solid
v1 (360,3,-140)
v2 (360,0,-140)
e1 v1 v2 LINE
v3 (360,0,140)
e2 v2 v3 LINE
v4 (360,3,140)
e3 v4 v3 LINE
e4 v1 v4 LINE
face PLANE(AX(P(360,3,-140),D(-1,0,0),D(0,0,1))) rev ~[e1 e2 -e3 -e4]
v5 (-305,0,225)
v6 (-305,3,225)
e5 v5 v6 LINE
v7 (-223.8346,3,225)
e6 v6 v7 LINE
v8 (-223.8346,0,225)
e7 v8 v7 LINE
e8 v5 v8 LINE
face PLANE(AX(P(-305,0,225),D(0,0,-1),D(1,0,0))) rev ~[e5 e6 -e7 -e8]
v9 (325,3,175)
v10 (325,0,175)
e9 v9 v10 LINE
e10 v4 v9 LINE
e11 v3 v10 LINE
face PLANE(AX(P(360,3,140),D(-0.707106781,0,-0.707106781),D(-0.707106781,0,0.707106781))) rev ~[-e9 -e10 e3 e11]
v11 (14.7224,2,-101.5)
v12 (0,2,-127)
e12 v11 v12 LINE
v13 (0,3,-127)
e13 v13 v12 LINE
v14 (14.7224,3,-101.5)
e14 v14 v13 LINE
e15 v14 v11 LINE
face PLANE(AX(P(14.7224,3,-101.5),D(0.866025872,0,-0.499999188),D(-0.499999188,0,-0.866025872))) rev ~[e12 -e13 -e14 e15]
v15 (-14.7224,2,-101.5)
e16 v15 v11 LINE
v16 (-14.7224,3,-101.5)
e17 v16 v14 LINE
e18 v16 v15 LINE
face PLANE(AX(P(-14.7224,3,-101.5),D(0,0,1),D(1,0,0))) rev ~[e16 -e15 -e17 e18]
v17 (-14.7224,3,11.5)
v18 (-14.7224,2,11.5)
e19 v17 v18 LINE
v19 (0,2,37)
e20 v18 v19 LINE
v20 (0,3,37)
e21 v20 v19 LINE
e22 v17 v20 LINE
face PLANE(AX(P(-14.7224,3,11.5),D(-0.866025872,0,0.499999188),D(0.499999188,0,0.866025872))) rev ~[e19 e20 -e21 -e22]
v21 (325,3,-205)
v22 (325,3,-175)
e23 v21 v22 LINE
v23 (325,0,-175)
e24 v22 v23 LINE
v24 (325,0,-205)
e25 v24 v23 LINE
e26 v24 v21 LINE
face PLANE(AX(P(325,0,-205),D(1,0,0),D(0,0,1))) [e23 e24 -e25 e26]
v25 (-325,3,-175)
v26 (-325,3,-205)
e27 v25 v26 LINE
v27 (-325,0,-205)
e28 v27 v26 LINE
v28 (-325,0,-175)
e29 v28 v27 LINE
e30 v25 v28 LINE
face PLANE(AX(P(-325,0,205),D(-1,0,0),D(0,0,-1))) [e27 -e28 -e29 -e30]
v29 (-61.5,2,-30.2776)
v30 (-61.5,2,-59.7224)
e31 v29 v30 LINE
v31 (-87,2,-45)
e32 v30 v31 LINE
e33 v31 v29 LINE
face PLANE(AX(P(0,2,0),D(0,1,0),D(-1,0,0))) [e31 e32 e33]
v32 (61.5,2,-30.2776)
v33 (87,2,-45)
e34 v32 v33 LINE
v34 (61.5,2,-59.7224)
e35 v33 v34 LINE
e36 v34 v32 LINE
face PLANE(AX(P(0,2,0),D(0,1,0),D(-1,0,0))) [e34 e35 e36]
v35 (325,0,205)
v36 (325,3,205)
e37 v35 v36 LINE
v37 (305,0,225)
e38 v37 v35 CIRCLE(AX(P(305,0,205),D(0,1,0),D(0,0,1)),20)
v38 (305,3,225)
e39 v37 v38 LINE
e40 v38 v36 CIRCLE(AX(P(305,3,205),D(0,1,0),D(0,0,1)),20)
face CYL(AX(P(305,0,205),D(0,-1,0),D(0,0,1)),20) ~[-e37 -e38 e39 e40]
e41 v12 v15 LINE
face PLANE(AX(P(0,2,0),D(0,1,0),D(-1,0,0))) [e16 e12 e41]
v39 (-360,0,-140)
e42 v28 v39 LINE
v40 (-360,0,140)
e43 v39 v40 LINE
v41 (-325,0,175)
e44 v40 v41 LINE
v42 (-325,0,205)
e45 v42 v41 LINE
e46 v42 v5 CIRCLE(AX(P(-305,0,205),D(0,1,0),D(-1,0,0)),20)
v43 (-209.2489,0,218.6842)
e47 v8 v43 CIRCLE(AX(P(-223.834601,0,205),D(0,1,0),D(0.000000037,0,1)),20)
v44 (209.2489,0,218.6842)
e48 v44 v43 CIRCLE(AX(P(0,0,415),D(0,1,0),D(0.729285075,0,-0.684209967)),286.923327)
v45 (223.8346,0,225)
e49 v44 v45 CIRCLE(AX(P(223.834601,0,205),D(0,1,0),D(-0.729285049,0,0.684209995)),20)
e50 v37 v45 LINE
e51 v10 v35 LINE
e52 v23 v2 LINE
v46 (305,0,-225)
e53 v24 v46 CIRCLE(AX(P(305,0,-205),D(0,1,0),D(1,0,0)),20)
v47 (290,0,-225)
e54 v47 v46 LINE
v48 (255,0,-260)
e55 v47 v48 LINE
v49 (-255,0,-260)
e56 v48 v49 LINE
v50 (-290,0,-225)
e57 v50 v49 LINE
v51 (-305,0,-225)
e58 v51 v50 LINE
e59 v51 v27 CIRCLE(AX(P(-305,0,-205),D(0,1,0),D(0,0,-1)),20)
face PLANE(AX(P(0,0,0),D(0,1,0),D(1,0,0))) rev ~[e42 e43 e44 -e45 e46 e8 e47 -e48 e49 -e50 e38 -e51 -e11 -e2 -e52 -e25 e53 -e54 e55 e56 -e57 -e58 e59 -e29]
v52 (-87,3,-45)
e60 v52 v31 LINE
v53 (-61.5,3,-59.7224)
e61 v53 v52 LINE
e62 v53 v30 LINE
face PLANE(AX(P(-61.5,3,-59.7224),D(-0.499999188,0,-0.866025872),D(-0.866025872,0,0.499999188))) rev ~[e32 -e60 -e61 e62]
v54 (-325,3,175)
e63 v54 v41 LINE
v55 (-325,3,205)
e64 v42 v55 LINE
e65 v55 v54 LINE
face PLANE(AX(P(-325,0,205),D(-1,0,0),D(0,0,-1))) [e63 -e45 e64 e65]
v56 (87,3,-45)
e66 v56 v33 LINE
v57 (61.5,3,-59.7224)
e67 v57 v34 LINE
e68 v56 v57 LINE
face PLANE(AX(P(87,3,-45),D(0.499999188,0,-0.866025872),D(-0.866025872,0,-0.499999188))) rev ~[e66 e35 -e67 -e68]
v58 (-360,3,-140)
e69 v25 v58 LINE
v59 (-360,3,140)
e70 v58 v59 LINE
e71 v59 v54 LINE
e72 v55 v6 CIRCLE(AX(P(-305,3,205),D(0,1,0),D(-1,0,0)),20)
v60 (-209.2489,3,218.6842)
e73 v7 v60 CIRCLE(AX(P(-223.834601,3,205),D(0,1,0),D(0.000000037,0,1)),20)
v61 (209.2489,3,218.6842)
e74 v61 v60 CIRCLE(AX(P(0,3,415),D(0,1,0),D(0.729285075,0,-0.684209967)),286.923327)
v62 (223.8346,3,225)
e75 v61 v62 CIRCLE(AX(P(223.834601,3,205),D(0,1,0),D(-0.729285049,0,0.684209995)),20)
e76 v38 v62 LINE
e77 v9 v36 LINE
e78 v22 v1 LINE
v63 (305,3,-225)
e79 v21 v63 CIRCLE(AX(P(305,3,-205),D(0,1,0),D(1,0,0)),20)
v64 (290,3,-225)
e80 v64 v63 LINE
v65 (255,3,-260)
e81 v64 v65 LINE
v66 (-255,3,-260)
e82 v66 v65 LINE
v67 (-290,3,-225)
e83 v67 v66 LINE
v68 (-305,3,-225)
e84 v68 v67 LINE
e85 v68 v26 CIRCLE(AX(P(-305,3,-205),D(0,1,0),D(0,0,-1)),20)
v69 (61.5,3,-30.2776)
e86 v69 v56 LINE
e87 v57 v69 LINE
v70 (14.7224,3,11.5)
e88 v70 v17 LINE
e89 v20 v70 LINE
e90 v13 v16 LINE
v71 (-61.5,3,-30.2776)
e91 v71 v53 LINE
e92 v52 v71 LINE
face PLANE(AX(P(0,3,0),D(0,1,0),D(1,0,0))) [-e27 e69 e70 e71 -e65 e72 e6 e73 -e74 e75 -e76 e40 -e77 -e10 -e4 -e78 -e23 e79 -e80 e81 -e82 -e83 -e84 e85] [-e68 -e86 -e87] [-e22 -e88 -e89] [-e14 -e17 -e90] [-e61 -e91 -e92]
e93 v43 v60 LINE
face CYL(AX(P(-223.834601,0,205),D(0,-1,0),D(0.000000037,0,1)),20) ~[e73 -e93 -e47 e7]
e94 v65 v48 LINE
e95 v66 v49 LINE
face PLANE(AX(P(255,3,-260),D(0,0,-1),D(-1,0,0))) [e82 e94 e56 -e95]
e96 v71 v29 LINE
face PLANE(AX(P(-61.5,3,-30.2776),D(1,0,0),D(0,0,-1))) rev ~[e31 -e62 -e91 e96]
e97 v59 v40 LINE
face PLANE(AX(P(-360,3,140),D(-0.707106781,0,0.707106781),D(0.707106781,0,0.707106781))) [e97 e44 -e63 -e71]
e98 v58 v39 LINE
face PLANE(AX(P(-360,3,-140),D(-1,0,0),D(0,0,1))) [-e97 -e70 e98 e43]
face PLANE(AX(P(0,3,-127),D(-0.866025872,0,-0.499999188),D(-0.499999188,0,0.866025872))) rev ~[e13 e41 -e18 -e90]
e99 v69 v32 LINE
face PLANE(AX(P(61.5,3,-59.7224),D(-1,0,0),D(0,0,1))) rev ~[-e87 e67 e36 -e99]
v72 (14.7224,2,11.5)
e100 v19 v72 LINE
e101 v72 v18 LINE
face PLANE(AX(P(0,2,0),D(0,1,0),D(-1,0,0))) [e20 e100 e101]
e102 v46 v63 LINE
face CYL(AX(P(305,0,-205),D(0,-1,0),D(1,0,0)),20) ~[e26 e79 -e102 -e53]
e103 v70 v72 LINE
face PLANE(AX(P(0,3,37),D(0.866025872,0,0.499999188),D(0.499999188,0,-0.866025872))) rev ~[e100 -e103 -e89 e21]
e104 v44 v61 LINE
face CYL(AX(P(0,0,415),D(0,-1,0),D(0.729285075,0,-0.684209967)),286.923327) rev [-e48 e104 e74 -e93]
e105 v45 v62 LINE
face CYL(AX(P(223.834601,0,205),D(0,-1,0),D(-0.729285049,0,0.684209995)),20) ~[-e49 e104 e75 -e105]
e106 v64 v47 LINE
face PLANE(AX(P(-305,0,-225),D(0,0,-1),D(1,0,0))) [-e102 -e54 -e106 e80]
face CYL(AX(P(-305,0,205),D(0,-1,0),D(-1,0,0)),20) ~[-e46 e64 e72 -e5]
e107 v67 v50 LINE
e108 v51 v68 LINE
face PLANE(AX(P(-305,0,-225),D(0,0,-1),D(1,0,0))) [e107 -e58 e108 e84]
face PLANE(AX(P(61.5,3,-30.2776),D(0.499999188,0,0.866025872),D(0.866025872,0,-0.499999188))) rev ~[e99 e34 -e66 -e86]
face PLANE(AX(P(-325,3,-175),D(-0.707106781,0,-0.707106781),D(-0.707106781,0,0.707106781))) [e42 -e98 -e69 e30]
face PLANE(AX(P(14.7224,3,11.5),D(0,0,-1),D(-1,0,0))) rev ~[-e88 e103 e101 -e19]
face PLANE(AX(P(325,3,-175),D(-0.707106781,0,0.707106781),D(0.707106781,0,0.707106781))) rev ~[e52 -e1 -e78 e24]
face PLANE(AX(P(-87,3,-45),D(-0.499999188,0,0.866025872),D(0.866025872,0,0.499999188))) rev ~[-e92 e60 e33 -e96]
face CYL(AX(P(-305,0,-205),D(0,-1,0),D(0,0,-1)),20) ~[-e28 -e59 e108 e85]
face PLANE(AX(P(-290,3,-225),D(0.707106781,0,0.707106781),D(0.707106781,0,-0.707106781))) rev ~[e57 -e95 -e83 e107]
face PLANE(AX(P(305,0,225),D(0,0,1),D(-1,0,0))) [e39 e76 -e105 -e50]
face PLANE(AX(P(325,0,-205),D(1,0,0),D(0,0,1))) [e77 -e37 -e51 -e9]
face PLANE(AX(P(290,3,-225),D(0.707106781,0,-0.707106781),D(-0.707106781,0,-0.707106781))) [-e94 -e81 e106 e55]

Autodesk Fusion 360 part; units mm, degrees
sketch "Esquisse1" plane through (0, 0, 0) normal (0, 1, 0) x (1, 0, 0)
  line L0 (-367.4671, -125) -> (350, -125) construction
  arc A0 (209.2489, -218.6842) -> (223.8346, -225) centre (223.8346, -205) ccw
  arc A1 (-223.8346, -225) -> (-209.2489, -218.6842) centre (-223.8346, -205) ccw
  arc A2 (209.2489, -218.6842) -> (-209.2489, -218.6842) centre (0, -415) ccw
  line L1 (-305, 225) -> (305, 225)
  line L2 (325, 205) -> (325, -205)
  line L3 (305, -225) -> (223.8346, -225)
  line L4 (-325, -205) -> (-325, 205)
  arc A3 (325, 205) -> (305, 225) centre (305, 205) ccw
  line L5 (325, 225) -> (-325, -225) construction
  arc A4 (-305, 225) -> (-325, 205) centre (-305, 205) ccw
  arc A5 (-325, -205) -> (-305, -225) centre (-305, -205) ccw
  line L6 (-305, -225) -> (-223.8346, -225)
  line L7 (-325, 225) -> (325, -225) construction
  arc A6 (305, -225) -> (325, -205) centre (305, -205) ccw
  line L8 (215, -225) -> (325, -225)
  point P0 (-215, -225)
  dimension "d12" = 650
  dimension "d13" = 450
  dimension "d14" = 110
  dimension "d15" = 110
  dimension "d16" = 100
  dimension "d20" = 190
  dimension "d21" = 20
extrude "Extrusion1" add sketch "Esquisse1" along normal blind 3
sketch "Esquisse2" plane through (0, 3, 0) normal (0, 1, 0) x (-1, 0, 0)
  arc A0 (325, 205) -> (305, 225) centre (305, 205) ccw
  line L0 (305, 225) -> (223.8346, 225)
  arc A1 (223.8346, 225) -> (209.2489, 218.6842) centre (223.8346, 205) ccw
  arc A2 (-209.2489, 218.6842) -> (209.2489, 218.6842) centre (0, 415) ccw
  arc A3 (-209.2489, 218.6842) -> (-223.8346, 225) centre (-223.8346, 205) ccw
  line L1 (-223.8346, 225) -> (-305, 225)
  arc A4 (-305, 225) -> (-325, 205) centre (-305, 205) ccw
  line L2 (-325, 205) -> (-325, -205)
  arc A5 (-325, -205) -> (-305, -225) centre (-305, -205) ccw
  line L3 (-305, -225) -> (305, -225)
  arc A6 (305, -225) -> (325, -205) centre (305, -205) ccw
  line L4 (325, -205) -> (325, 205)
  line L5 (14.7224, 11.5) -> (0, 37)
  line L6 (-14.7224, 11.5) -> (14.7224, 11.5)
  line L7 (0, 37) -> (-14.7224, 11.5)
  line L8 (-61.5, -59.7224) -> (-61.5, -30.2776)
  line L9 (-87, -45) -> (-61.5, -59.7224)
  line L10 (-61.5, -30.2776) -> (-87, -45)
  line L11 (-14.7224, -101.5) -> (0, -127)
  line L12 (0, -127) -> (14.7224, -101.5)
  line L13 (14.7224, -101.5) -> (-14.7224, -101.5)
  line L14 (61.5, -30.2776) -> (61.5, -59.7224)
  line L15 (388.9907, -50) -> (-400, -50) construction
  line L16 (87, -45) -> (61.5, -30.2776)
  line L17 (61.5, -59.7224) -> (87, -45)
  point P0 (70, -45)
  point P1 (0, -110)
  point P2 (0, 20)
  dimension "d46" = 5
  dimension "d48" = 70
  dimension "d52" = 17
extrude "Extrusion2" cut sketch "Esquisse2" against normal blind 1 contours L5 L6 L7 | L8 L9 L10 | L11 L12 L13 | L14 L16 L17
sketch "Esquisse3" plane through (0, 3, 0) normal (0, 1, 0) x (-1, 0, 0)
  line L0 (0, -127) -> (-14.7224, -101.5)
  line L1 (-14.7224, -101.5) -> (14.7224, -101.5)
  line L2 (14.7224, -101.5) -> (0, -127)
  line L3 (-61.5, -59.7224) -> (-87, -45)
  line L4 (-87, -45) -> (-61.5, -30.2776)
  line L5 (-61.5, -30.2776) -> (-61.5, -59.7224)
  line L6 (61.5, -30.2776) -> (87, -45)
  line L7 (87, -45) -> (61.5, -59.7224)
  line L8 (61.5, -59.7224) -> (61.5, -30.2776)
  line L9 (14.7224, 11.5) -> (-14.7224, 11.5)
  line L10 (-14.7224, 11.5) -> (0, 37)
  line L11 (0, 37) -> (14.7224, 11.5)
  arc A0 (325, 205) -> (305, 225) centre (305, 205) ccw
  line L12 (305, 225) -> (223.8346, 225)
  arc A1 (223.8346, 225) -> (209.2489, 218.6842) centre (223.8346, 205) ccw
  arc A2 (-209.2489, 218.6842) -> (209.2489, 218.6842) centre (0, 415) ccw
  arc A3 (-209.2489, 218.6842) -> (-223.8346, 225) centre (-223.8346, 205) ccw
  line L13 (-223.8346, 225) -> (-305, 225)
  arc A4 (-305, 225) -> (-325, 205) centre (-305, 205) ccw
  line L14 (-325, 205) -> (-325, -205)
  arc A5 (-325, -205) -> (-305, -225) centre (-305, -205) ccw
  line L15 (-305, -225) -> (305, -225)
  arc A6 (305, -225) -> (325, -205) centre (305, -205) ccw
  line L16 (325, -205) -> (325, 205)
  line L17 (0, -325) -> (0, 225)
  line L18 (290, -225) -> (255, -260)
  line L19 (255, -260) -> (0, -260)
  line L20 (325, -175) -> (360, -140)
  line L21 (360, -140) -> (360, 140)
  line L22 (360, 140) -> (325, 175)
  line L23 (-255, -260) -> (0, -260)
  line L24 (-290, -225) -> (-255, -260)
  line L25 (-325, -175) -> (-360, -140)
  line L26 (-360, -140) -> (-360, 140)
  line L27 (-360, 140) -> (-325, 175)
  dimension "d22" = 35
  dimension "d23" = 45
  dimension "d24" = 580
  dimension "d25" = 35
  dimension "d26" = 45
  dimension "d27" = 45
  dimension "d28" = 350
  dimension "d30" = 30
extrude "Extrusion3" add sketch "Esquisse3" against normal up to surface (3 mm away) contours L15 L17 L23 L24 | L15 L17 L18 L19 | L14 L25 L26 L27 | L16 L20 L21 L22
sketch "Esquisse4" plane through (0, 3, 0) normal (0, 1, 0) x (-1, 0, 0)
  line L0 (0, -127) -> (-14.7224, -101.5)
  line L1 (-14.7224, -101.5) -> (14.7224, -101.5)
  line L2 (14.7224, -101.5) -> (0, -127)
  line L3 (-61.5, -59.7224) -> (-87, -45)
  line L4 (-87, -45) -> (-61.5, -30.2776)
  line L5 (-61.5, -30.2776) -> (-61.5, -59.7224)
  line L6 (61.5, -30.2776) -> (87, -45)
  line L7 (87, -45) -> (61.5, -59.7224)
  line L8 (61.5, -59.7224) -> (61.5, -30.2776)
  line L9 (14.7224, 11.5) -> (-14.7224, 11.5)
  line L10 (-14.7224, 11.5) -> (0, 37)
  line L11 (0, 37) -> (14.7224, 11.5)
  arc A0 (325, 205) -> (305, 225) centre (305, 205) ccw
  line L12 (305, 225) -> (223.8346, 225)
  arc A1 (223.8346, 225) -> (209.2489, 218.6842) centre (223.8346, 205) ccw
  arc A2 (-209.2489, 218.6842) -> (209.2489, 218.6842) centre (0, 415) ccw
  arc A3 (-209.2489, 218.6842) -> (-223.8346, 225) centre (-223.8346, 205) ccw
  line L13 (-223.8346, 225) -> (-305, 225)
  arc A4 (-305, 225) -> (-325, 205) centre (-305, 205) ccw
  line L14 (-325, 205) -> (-325, 175)
  line L15 (-325, 175) -> (-360, 140)
  line L16 (-360, 140) -> (-360, -140)
  line L17 (-360, -140) -> (-325, -175)
  line L18 (-325, -175) -> (-325, -205)
  arc A5 (-325, -205) -> (-305, -225) centre (-305, -205) ccw
  line L19 (-305, -225) -> (-290, -225)
  line L20 (-290, -225) -> (-255, -260)
  line L21 (-255, -260) -> (255, -260)
  line L22 (255, -260) -> (290, -225)
  line L23 (290, -225) -> (305, -225)
  arc A6 (305, -225) -> (325, -205) centre (305, -205) ccw
  line L24 (325, -205) -> (325, -175)
  line L25 (325, -175) -> (360, -140)
  line L26 (360, -140) -> (360, 140)
  line L27 (360, 140) -> (325, 175)
  line L28 (325, 175) -> (325, 205)
